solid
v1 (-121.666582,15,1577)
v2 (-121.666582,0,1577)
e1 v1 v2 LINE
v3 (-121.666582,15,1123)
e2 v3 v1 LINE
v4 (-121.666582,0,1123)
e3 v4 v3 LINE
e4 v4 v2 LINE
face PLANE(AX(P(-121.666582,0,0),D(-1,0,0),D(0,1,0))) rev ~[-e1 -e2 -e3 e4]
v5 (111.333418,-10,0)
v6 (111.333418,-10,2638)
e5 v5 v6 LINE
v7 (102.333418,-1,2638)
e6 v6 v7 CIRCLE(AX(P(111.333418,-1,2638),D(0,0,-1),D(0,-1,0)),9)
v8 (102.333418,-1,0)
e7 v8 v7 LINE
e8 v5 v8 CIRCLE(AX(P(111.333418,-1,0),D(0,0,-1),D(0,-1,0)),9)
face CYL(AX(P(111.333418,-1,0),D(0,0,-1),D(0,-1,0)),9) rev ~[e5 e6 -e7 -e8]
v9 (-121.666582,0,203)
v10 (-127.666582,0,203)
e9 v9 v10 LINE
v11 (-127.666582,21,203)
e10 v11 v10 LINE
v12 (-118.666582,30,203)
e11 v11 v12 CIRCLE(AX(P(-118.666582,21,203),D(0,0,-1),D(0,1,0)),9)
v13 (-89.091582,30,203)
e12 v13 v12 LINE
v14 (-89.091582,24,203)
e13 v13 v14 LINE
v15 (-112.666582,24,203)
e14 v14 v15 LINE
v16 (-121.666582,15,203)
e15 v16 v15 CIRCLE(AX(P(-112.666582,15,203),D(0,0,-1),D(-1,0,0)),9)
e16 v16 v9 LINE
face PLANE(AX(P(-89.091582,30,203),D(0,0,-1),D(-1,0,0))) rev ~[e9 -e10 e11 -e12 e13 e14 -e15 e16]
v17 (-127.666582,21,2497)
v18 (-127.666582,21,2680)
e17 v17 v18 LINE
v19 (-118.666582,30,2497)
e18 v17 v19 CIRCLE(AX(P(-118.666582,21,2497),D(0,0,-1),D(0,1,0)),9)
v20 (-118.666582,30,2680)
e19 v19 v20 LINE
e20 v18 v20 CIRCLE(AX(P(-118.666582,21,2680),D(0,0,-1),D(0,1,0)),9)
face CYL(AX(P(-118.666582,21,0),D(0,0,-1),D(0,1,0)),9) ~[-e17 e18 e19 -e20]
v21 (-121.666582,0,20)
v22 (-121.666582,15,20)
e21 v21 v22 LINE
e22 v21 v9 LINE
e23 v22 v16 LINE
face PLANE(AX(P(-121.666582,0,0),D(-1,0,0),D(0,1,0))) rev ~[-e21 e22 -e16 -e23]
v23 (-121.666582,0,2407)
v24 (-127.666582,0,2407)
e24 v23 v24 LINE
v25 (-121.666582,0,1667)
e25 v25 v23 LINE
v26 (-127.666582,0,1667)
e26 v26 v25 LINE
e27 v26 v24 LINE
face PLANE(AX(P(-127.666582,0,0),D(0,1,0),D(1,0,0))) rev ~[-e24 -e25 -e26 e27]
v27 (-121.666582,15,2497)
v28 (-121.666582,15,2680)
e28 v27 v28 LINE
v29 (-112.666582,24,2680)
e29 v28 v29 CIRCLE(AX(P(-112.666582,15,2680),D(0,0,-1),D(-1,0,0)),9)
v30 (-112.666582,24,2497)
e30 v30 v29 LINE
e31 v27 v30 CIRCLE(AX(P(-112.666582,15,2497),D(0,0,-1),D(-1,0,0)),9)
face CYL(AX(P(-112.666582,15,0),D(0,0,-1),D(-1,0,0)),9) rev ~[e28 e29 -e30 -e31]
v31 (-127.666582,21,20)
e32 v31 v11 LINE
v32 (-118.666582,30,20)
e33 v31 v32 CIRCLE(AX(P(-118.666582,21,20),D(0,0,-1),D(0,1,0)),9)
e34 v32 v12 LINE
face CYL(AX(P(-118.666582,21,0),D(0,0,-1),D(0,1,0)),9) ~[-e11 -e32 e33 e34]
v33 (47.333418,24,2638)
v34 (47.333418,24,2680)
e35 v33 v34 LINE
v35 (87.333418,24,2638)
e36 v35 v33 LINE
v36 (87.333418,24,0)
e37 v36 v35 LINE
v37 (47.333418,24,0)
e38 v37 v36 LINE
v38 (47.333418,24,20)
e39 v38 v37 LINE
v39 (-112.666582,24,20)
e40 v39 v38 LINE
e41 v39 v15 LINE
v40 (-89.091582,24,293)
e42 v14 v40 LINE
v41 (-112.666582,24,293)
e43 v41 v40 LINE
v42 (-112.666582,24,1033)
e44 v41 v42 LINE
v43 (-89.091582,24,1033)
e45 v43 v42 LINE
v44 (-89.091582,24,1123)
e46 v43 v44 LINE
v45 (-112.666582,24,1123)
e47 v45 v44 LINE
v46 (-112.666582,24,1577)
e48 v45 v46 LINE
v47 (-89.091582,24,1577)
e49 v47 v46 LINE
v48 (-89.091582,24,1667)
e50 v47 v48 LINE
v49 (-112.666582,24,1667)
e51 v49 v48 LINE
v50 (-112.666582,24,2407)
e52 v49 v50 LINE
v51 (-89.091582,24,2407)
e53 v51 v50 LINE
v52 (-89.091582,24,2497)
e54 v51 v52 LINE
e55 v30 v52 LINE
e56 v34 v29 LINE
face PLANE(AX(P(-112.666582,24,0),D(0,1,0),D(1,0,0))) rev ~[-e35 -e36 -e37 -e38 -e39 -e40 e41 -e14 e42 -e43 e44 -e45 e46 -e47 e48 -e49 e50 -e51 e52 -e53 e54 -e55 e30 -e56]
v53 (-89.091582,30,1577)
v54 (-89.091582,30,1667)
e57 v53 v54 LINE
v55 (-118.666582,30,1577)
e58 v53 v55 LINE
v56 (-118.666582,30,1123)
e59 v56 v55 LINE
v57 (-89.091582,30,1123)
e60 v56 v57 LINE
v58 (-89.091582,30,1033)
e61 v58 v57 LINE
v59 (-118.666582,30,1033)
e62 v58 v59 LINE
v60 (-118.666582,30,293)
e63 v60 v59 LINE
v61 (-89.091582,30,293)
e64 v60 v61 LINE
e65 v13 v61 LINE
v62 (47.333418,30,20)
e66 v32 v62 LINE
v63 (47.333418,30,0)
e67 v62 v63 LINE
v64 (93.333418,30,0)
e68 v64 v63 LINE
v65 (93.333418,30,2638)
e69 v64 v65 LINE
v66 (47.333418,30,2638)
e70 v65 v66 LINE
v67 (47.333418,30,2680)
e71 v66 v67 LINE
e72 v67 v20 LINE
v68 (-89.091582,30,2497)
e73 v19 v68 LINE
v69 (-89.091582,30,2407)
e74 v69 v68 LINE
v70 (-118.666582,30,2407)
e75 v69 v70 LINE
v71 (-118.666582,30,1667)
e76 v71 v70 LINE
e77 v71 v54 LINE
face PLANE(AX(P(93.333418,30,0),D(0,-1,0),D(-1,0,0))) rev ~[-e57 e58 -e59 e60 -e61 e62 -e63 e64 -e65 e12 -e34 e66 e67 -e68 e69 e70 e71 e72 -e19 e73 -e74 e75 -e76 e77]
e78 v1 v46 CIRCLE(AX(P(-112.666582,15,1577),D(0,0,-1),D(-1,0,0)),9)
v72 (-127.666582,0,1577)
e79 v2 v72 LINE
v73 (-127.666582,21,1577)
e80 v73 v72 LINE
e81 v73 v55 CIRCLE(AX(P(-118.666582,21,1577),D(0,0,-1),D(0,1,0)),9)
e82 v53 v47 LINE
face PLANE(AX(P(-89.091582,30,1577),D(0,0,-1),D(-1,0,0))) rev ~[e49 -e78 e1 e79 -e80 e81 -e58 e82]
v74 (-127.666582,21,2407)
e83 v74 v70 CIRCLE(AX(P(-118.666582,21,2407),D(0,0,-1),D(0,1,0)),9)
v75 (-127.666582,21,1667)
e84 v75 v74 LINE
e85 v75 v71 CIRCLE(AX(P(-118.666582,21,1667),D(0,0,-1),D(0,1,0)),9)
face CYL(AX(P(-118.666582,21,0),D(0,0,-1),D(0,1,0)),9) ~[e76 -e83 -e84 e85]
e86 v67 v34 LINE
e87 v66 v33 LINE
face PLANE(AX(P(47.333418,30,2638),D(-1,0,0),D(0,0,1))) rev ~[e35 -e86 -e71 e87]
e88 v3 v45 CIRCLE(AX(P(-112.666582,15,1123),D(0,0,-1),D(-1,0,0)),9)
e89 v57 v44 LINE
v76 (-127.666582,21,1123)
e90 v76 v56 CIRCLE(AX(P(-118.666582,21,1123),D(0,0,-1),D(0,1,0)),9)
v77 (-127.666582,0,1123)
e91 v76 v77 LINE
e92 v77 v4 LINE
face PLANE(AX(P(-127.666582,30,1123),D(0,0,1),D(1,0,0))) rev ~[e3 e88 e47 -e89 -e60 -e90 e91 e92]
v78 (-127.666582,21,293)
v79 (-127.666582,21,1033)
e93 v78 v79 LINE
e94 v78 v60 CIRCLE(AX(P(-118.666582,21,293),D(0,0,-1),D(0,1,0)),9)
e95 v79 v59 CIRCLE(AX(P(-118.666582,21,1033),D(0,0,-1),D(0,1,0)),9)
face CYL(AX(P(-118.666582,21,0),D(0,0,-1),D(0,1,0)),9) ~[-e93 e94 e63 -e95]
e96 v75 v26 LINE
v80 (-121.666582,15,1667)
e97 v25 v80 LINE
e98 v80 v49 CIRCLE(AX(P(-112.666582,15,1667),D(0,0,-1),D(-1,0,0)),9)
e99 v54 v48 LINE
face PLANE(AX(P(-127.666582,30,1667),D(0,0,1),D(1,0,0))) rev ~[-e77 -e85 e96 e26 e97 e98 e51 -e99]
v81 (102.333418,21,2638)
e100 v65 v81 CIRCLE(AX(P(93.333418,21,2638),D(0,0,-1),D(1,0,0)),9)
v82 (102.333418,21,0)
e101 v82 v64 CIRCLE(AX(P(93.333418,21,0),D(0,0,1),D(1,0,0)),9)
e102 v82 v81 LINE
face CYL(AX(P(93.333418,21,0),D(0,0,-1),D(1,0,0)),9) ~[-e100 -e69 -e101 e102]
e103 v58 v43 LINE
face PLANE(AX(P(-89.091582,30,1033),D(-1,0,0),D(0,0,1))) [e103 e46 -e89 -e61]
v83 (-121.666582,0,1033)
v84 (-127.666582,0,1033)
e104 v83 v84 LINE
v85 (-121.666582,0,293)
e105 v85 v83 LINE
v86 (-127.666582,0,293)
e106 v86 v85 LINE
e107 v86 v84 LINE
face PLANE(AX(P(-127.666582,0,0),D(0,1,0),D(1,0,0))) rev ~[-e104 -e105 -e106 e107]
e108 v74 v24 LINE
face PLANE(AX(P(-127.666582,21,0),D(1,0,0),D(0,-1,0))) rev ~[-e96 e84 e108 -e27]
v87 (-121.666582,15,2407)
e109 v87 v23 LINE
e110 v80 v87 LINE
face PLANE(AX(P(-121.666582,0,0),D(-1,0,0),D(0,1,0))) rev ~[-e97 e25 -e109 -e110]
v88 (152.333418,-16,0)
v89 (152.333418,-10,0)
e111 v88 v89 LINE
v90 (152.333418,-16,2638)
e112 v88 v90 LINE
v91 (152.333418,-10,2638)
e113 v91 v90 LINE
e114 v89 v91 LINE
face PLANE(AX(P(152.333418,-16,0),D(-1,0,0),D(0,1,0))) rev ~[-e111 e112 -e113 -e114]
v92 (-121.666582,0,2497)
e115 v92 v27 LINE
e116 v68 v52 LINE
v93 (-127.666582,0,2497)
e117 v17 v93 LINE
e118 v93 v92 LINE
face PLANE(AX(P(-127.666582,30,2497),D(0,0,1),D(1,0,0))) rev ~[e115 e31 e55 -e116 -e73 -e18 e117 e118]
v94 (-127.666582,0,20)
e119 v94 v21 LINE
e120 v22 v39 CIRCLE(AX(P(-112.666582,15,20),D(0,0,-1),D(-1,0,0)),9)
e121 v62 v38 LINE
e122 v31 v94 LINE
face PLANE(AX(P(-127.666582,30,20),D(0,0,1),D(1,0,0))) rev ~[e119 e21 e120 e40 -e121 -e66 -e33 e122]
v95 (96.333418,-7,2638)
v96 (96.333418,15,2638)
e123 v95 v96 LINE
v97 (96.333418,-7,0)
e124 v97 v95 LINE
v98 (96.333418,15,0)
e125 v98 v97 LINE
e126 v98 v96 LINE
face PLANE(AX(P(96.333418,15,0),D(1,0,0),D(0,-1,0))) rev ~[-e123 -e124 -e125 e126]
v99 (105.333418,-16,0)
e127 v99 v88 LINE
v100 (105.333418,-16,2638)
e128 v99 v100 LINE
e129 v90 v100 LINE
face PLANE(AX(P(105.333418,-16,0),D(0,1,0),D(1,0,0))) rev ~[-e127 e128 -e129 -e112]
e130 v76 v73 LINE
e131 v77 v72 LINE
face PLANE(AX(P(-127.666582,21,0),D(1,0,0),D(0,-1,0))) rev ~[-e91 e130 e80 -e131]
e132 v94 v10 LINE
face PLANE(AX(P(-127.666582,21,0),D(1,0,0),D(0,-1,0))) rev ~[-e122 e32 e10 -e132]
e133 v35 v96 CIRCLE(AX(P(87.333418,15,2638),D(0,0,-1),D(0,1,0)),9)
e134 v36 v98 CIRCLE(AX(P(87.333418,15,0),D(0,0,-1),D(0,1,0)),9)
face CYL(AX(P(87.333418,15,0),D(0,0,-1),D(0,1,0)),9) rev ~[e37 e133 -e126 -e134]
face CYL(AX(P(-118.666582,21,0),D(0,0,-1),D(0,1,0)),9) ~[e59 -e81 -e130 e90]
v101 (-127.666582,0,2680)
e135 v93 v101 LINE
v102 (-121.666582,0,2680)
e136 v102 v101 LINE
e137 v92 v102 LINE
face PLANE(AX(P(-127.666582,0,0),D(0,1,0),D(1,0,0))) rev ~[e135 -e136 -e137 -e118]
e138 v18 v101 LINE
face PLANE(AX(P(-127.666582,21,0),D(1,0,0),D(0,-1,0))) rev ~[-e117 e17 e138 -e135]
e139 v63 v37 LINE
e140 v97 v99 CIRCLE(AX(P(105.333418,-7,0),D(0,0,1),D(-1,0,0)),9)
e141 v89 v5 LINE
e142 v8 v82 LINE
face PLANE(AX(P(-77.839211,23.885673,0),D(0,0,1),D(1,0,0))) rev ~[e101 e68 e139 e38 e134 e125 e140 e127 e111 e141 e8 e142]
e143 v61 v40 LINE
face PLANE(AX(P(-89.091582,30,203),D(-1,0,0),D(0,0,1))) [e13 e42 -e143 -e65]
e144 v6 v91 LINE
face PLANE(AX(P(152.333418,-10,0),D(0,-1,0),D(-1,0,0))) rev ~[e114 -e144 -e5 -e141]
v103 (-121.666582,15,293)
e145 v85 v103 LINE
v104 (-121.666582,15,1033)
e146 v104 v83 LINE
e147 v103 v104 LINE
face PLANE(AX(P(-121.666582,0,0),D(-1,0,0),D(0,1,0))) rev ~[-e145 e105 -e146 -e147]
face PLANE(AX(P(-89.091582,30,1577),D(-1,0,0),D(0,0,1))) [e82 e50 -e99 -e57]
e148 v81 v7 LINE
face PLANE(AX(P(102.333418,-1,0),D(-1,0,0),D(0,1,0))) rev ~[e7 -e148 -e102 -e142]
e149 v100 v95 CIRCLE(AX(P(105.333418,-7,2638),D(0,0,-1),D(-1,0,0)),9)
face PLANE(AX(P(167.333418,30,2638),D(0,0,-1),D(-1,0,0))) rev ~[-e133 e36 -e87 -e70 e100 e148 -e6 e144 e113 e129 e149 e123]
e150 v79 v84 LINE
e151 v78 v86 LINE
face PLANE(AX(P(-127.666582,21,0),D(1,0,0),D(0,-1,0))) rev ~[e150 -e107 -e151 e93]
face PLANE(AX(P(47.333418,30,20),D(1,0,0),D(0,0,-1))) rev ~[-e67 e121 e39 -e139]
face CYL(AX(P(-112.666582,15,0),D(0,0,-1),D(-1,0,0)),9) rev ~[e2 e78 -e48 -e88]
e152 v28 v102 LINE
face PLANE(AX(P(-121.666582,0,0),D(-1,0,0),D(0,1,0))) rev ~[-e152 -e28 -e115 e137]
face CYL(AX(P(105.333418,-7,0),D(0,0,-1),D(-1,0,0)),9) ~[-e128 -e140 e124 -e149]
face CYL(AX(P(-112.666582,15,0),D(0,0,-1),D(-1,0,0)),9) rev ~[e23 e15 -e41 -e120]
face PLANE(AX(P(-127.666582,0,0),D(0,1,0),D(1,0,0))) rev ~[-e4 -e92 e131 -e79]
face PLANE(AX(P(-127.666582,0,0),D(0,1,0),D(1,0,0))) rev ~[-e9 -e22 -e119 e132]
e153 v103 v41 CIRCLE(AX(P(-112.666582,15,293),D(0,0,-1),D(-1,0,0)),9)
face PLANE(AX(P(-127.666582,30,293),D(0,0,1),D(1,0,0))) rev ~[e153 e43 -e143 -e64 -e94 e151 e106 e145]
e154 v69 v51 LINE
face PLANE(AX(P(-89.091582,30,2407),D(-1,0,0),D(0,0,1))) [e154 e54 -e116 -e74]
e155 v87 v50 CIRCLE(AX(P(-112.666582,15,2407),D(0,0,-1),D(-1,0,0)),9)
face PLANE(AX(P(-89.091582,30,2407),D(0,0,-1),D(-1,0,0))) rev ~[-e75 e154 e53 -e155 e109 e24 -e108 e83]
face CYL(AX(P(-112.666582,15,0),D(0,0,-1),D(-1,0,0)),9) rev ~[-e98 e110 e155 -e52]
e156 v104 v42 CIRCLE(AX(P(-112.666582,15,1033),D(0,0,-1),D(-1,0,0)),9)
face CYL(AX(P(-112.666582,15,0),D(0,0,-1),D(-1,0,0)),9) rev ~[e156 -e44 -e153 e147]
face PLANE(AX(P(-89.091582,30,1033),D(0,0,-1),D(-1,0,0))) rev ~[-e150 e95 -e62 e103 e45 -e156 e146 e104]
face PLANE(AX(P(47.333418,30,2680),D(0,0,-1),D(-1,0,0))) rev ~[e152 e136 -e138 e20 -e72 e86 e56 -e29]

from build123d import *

# Parameters (mm, degrees)
F1_DEPTH = 2700
F2_W     = 175
F2_H     = 20
F3_DEPTH = 46.001
F4_W     = 29.575
F4_H     = 90
F4_W_2   = 9
F5_DEPTH = 46.001
F6_W     = 74
F6_H     = 62
F7_DEPTH = 46.001


with BuildPart() as f1:
    # F0 (on Top) → F1 (new body)
    with BuildSketch(Plane.XY):
        with BuildLine():
            Line((-127.6665818456, 21), (-127.6665818456, 0))
            Line((-127.6665818456, 0), (-121.6665818456, 0))
            Line((-121.6665818456, 0), (-121.6665818456, 15))
            ThreePointArc((-121.6665818456, 15), (-119.0305428763, 21.3639610307), (-112.6665818456, 24))
            Line((-112.6665818456, 24), (-12.6665818456, 24))
            Line((-12.6665818456, 24), (-12.6665818456, 30))
            Line((-12.6665818456, 30), (-118.6665818456, 30))
            ThreePointArc((-118.6665818456, 30), (-125.0305428763, 27.3639610307), (-127.6665818456, 21))
        make_face()
        with BuildLine():
            Line((93.3334181544, 30), (-12.6665818456, 30))
            Line((-12.6665818456, 30), (-12.6665818456, 24))
            Line((-12.6665818456, 24), (87.3334181544, 24))
            ThreePointArc((87.3334181544, 24), (93.697379185, 21.3639610307), (96.3334181544, 15))
            Line((96.3334181544, 15), (96.3334181544, -7))
            ThreePointArc((96.3334181544, -7), (98.9694571237, -13.3639610307), (105.3334181544, -16))
            Line((105.3334181544, -16), (152.3334181544, -16))
            Line((152.3334181544, -16), (152.3334181544, -10))
            Line((152.3334181544, -10), (111.3334181544, -10))
            ThreePointArc((111.3334181544, -10), (104.9694571237, -7.3639610307), (102.3334181544, -1))
            Line((102.3334181544, -1), (102.3334181544, 21))
            ThreePointArc((102.3334181544, 21), (99.697379185, 27.3639610307), (93.3334181544, 30))
        make_face()
    extrude(amount=F1_DEPTH)

    # F2 (on face) → F3 (cut, through all)
    with BuildSketch(Plane(origin=(0, 30, 0), x_dir=(-1, 0, 0), z_dir=(0, 1, 0))):
        with Locations((40.1665818456, 2690)):
            Rectangle(F2_W, F2_H)
        Polygon((-47.3334181544, 0), (118.6665818456, 0), (127.6665818456, 0), (127.6665818456, 20), (-47.3334181544, 20), align=None)
    extrude(amount=-F3_DEPTH, mode=Mode.SUBTRACT)

    # F4 (on face) → F5 (cut, through all)
    with BuildSketch(Plane(origin=(0, 30, 0), x_dir=(-1, 0, 0), z_dir=(0, 1, 0))):
        with Locations((103.8790818456, 2452)):
            Rectangle(F4_W, F4_H)
        with Locations((123.1665818456, 2452)):
            Rectangle(F4_W_2, F4_H)
        with Locations((123.1665818456, 248)):
            Rectangle(F4_W_2, F4_H)
        with Locations((103.8790818456, 248)):
            Rectangle(F4_W, F4_H)
        with Locations((103.8790818456, 1078)):
            Rectangle(F4_W, F4_H)
        with Locations((123.1665818456, 1078)):
            Rectangle(F4_W_2, F4_H)
        with Locations((103.8790818456, 1622)):
            Rectangle(F4_W, F4_H)
        with Locations((123.1665818456, 1622)):
            Rectangle(F4_W_2, F4_H)
    extrude(amount=-F5_DEPTH, mode=Mode.SUBTRACT)

    # F6 (on face) → F7 (cut, through all)
    with BuildSketch(Plane(origin=(0, 30, 0), x_dir=(-1, 0, 0), z_dir=(0, 1, 0))):
        Polygon((-47.3334181544, 2680), (-47.3334181544, 2700), (-93.3334181544, 2700), (-93.3334181544, 2638), (-47.3334181544, 2638), align=None)
        with Locations((-130.3334181544, 2669)):
            Rectangle(F6_W, F6_H)
    extrude(amount=-F7_DEPTH, mode=Mode.SUBTRACT)


solid = f1.part
